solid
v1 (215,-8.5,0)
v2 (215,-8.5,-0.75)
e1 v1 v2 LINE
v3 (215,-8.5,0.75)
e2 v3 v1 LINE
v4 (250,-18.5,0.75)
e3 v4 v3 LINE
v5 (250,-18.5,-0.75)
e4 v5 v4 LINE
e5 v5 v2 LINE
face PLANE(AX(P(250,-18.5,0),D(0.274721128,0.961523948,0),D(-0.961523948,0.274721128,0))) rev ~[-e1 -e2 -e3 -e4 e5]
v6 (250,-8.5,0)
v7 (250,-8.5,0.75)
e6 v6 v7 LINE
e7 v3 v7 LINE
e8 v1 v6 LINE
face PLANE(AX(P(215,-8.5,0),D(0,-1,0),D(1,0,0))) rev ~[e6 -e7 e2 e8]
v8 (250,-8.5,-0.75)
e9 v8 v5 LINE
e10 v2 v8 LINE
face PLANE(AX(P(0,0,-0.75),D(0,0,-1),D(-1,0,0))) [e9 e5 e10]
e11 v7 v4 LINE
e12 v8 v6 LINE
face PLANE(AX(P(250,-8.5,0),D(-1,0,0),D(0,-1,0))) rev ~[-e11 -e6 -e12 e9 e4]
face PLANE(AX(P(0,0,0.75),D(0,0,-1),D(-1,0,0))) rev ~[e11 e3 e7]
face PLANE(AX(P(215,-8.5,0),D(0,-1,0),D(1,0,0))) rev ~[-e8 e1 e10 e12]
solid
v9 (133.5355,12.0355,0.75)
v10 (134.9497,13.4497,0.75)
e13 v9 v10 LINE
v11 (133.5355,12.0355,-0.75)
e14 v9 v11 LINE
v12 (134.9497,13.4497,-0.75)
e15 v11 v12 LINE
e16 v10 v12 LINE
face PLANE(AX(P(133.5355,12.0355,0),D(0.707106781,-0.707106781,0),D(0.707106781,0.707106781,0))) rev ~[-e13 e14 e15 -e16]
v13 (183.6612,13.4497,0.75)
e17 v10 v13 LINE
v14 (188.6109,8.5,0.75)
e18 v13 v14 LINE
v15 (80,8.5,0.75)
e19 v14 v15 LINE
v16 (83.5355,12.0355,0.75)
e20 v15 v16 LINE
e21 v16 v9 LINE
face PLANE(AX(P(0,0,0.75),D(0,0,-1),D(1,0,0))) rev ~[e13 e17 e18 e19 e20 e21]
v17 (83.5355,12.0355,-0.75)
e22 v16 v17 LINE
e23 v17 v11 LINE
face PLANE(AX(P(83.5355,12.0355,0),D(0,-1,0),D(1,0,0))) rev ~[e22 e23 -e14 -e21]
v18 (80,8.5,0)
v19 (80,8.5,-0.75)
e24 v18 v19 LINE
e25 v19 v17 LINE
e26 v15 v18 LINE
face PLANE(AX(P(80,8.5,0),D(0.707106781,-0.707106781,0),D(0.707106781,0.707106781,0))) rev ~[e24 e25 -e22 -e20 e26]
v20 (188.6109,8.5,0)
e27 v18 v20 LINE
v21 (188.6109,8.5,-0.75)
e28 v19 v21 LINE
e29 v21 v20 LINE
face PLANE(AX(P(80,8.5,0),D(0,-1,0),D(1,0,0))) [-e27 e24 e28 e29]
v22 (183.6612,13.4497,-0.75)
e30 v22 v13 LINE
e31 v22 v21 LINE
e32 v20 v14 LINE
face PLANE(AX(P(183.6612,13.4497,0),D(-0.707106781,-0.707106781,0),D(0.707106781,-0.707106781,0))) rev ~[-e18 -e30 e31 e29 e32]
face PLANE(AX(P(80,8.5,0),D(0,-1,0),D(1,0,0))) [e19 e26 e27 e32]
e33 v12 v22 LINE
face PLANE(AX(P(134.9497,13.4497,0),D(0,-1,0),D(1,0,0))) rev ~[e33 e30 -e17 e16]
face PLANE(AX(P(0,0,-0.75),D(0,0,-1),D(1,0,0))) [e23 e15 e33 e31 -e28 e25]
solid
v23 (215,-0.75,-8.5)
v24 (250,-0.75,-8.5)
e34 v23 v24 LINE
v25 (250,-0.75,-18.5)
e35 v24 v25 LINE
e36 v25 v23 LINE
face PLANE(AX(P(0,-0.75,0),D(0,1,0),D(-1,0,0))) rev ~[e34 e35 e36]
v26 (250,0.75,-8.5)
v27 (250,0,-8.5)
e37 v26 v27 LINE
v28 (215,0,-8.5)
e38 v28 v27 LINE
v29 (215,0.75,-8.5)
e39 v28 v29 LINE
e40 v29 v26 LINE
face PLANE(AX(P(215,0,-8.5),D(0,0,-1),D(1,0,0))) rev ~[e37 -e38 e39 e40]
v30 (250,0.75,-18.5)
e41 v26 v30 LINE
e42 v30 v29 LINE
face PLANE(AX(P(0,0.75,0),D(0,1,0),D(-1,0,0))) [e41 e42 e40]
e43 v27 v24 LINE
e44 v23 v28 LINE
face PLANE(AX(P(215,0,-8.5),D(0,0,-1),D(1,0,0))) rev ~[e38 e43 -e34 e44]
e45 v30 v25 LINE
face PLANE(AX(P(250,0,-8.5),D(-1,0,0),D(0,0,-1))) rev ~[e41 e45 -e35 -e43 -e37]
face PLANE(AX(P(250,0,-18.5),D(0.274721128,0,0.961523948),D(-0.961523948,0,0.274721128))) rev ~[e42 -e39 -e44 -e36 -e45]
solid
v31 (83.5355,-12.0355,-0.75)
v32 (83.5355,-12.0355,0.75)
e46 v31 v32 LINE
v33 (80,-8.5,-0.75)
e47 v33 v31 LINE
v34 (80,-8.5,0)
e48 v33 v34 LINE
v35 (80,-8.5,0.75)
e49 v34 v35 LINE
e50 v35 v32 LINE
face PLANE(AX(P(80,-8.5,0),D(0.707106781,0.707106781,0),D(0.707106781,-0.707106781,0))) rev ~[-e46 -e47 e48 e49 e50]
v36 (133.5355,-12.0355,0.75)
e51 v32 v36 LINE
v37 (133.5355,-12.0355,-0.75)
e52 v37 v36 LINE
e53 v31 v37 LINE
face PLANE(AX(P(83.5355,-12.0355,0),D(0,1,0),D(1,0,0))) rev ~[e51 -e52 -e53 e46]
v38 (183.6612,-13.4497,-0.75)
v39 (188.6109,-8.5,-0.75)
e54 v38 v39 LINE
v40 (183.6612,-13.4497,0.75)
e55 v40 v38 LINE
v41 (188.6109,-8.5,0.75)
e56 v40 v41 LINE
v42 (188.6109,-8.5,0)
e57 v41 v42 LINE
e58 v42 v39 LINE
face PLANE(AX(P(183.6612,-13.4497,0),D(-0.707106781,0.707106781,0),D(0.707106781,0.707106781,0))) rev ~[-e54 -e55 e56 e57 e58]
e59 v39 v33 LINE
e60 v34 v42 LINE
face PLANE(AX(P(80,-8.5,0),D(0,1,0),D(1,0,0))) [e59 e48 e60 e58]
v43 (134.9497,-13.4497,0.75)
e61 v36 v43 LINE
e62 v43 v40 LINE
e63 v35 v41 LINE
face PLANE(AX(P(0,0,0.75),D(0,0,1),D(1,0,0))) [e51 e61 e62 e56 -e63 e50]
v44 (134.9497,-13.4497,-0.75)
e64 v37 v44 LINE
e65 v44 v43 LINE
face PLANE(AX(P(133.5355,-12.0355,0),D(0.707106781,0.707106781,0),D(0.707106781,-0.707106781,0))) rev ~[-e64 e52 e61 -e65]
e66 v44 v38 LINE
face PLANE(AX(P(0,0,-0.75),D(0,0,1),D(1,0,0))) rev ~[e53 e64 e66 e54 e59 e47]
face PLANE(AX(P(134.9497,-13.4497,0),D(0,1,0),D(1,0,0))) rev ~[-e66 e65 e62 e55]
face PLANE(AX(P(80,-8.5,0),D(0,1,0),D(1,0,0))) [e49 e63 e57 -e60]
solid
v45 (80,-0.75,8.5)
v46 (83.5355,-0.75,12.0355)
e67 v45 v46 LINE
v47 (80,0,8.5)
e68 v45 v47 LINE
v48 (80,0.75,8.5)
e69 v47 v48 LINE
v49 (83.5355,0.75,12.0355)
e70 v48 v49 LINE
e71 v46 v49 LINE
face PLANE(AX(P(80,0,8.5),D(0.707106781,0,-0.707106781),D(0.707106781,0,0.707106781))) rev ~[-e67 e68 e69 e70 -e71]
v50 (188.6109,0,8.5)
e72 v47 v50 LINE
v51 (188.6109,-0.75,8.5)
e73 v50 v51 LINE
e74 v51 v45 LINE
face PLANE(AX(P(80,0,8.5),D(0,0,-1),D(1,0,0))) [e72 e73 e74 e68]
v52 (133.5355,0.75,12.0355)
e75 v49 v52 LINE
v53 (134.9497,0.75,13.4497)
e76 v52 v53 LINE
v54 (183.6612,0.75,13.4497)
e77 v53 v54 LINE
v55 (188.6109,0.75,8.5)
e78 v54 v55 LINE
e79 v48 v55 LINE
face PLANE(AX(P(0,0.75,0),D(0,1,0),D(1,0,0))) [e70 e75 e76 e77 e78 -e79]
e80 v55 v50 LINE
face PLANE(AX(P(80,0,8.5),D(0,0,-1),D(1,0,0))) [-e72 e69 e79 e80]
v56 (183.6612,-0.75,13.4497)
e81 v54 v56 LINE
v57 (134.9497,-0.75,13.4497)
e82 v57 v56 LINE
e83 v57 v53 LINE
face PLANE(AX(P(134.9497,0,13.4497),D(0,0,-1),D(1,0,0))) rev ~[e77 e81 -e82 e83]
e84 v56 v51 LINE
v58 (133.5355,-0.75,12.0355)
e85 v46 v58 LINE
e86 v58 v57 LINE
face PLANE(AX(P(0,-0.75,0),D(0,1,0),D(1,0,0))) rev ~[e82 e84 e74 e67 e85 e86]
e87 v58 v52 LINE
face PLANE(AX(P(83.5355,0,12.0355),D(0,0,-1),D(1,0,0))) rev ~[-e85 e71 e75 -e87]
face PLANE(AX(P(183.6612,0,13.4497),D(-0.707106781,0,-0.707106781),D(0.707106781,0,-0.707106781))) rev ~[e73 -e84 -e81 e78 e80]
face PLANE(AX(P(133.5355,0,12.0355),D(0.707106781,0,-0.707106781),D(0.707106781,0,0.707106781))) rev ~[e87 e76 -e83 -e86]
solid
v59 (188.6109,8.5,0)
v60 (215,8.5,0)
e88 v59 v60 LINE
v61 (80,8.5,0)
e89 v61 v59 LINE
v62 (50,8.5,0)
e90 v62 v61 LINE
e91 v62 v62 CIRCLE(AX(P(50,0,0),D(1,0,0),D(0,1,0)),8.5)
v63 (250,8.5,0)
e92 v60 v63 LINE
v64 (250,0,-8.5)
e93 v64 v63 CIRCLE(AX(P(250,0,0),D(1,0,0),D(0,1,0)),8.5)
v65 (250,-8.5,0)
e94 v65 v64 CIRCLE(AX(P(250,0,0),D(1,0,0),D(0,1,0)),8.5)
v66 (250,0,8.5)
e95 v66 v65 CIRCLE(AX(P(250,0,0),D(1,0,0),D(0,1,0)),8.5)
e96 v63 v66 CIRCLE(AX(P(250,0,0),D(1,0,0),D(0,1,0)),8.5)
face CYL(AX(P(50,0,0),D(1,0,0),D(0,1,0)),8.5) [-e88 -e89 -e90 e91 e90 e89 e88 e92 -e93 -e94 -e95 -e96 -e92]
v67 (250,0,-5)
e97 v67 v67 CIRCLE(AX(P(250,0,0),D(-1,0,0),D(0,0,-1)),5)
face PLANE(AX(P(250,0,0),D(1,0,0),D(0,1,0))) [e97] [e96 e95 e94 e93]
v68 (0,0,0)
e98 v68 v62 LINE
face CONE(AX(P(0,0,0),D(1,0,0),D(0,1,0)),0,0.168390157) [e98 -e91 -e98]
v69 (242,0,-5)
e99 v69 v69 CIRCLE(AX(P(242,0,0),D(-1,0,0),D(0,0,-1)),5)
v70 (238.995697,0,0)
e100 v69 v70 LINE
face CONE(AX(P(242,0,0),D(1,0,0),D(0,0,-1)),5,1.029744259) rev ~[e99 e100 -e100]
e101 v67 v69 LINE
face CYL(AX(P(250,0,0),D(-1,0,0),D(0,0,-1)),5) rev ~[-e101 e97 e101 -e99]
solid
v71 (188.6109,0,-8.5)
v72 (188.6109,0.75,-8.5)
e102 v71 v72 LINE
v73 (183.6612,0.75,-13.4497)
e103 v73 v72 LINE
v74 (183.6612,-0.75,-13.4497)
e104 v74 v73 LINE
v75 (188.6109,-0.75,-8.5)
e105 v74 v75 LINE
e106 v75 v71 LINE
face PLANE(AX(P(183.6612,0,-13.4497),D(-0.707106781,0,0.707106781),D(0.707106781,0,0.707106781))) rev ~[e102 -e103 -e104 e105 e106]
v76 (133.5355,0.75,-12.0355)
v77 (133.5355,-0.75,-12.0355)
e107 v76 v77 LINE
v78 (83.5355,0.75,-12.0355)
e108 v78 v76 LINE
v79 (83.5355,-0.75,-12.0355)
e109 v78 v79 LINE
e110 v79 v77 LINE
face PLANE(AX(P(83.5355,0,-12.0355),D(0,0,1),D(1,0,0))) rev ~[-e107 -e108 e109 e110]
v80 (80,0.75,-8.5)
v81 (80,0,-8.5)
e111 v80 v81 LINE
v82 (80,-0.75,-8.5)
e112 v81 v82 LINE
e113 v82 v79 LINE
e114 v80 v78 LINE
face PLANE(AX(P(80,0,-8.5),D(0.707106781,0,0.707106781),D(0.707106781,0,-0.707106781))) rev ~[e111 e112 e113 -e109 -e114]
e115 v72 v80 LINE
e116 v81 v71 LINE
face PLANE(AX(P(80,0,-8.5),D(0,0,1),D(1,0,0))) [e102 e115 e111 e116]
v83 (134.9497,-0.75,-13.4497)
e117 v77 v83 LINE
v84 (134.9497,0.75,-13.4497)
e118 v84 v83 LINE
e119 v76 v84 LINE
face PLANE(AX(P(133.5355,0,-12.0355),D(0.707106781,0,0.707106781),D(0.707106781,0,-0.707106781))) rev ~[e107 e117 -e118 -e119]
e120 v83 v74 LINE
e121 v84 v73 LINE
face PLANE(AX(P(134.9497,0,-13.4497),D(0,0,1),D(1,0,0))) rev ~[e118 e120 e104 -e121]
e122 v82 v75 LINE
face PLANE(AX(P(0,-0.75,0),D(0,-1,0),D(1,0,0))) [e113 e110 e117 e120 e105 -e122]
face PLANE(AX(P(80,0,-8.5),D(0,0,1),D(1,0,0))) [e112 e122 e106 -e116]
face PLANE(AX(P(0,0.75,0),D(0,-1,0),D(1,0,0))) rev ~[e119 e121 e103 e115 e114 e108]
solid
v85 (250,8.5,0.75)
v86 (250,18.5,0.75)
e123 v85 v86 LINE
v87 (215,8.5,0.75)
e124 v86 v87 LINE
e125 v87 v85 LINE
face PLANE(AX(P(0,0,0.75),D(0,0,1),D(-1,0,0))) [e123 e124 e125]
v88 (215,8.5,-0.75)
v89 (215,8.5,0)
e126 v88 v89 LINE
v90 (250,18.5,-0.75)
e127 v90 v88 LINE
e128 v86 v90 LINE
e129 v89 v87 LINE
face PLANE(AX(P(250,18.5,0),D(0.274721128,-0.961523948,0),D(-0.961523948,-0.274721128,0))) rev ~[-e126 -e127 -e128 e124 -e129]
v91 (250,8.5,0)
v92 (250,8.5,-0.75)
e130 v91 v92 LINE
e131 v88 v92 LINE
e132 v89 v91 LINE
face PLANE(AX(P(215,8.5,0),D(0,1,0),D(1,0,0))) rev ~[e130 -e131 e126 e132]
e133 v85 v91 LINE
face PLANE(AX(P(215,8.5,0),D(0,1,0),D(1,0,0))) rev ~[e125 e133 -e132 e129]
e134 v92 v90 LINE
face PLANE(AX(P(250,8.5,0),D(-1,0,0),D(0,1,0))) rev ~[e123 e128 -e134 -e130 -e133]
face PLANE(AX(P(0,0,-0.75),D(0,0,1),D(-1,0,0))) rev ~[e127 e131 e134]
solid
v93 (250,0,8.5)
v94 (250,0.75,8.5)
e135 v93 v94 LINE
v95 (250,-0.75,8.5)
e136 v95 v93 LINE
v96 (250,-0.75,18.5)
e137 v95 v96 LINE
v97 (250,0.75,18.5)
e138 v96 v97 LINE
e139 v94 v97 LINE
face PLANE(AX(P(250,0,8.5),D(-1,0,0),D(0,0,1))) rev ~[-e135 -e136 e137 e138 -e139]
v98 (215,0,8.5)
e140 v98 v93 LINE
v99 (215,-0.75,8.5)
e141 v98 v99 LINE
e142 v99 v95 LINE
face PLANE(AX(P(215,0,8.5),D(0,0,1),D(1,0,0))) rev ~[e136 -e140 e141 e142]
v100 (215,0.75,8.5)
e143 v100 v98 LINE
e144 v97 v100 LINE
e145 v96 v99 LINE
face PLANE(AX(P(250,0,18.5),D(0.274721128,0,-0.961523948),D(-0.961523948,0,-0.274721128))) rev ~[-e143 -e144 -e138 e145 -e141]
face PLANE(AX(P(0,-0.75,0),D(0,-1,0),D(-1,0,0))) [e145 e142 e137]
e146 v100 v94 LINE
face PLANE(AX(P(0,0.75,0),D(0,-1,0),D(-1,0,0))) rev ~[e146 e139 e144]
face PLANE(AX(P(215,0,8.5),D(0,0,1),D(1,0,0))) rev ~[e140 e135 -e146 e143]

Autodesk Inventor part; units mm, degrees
ref_plane "YZ Plane" through (0, 0, 0) normal (1, 0, 0) x (0, 1, 0)
ref_plane "XZ Plane" through (0, 0, 0) normal (0, 1, 0) x (-1, 0, 0)
ref_plane "XY Plane" through (0, 0, 0) normal (0, 0, 1) x (1, 0, 0)
sketch "Esboço2" plane through (0, 0, 0) normal (0, 0, 1) x (1, 0, 0)
  line L0 (0, 0) -> (250, 0)
  line L1 (0, 0) -> (50, 8.5)
  line L2 (0, 0) -> (50.7174, 0) construction
  line L3 (50, 8.5) -> (250, 8.5)
  line L4 (250, 8.5) -> (250, 0)
  line L5 (50, 8.5) -> (50, 0)
  line L6 (50, 8.5) -> (60, 8.5)
  line L7 (60, 8.5) -> (60, 0)
  line L8 (250, 0) -> (369.4937, 0)
  dimension "d5" = 17
  dimension "d7" = 50
  dimension "d9" = 10
  dimension "d61" = 200
revolve "Revolução1" add sketch "Esboço2" angle 360 about axis through (0, 0, 0) along (1, 0, 0)
sketch "Esboço3" plane through (0, 0, 0) normal (0, 0, 1) x (1, 0, 0)
  line L0 (50, -8.5) -> (250, -8.5) projected
  line L1 (50, -8.5) -> (80, -8.5)
  line L2 (80, -8.5) -> (83.5355, -12.0355)
  line L3 (80, -8.5) -> (85, -8.5) construction
  line L4 (83.5355, -12.0355) -> (133.5355, -12.0355)
  line L5 (133.5355, -12.0355) -> (133.5355, -8.5)
  line L6 (133.5355, -12.0355) -> (134.9497, -13.4497)
  line L7 (134.9497, -13.4497) -> (183.6612, -13.4497)
  line L8 (183.6612, -13.4497) -> (183.6612, -8.5)
  line L9 (183.6612, -13.4497) -> (185.6612, -13.4497) construction
  line L10 (50, -8.5) -> (250, -8.5) projected
  line L11 (183.6612, -13.4497) -> (188.6109, -8.5)
  point P0 (0, 0)
  dimension "d11" = 30
  dimension "d12" = 5
  dimension "d13" = 45
  dimension "d14" = 50
  dimension "d15" = 2
extrude "Extrusão1" add sketch "Esboço3" along normal mid plane 1.5
pattern_circular "Padrão circular1" count 4 over 360 about axis through (150, 0, 0) along (1, 0, 0) of "Extrusão1"
sketch "Esboço5" plane through (0, 0, 0) normal (0, 1, 0) x (-1, 0, 0)
  line L0 (-80, -8.5) -> (-188.6109, -8.5) projected
  line L1 (-50, -8.5) -> (-250, -8.5) projected
  line L2 (-250, 8.5) -> (-250, -8.5) projected
  line L3 (-250, -8.5) -> (-250, -18.5)
  line L4 (-250, -18.5) -> (-215, -8.5)
  point P0 (0, 0)
  point P1 (-183.6612, -8.5)
  point P2 (-185.4738, -8.5)
  dimension "d46" = 10
  dimension "d62" = 35
sketch "Esboço7" plane through (250, 0, 0) normal (1, 0, 0) x (0, -1, 0)
  circle A0 centre (0, 0) radius 5
  dimension "d38" = 10
hole "Furo1" at (250, 0, 0) direction (-1, 0, 0) diameter 10 depth 8 tip angle 118
extrude "Extrusão5" add sketch "Esboço5" along normal mid plane 1.5
pattern_circular "Padrão circular5" count 4 over 360 about axis through (150, 0, 0) along (1, 0, 0) of "Extrusão5"
sketch "Esboço10" plane through (0, 0, 0) normal (0, 0, 1) x (1, 0, 0)
  point P0 (0, 0)
properties part number "idk"
